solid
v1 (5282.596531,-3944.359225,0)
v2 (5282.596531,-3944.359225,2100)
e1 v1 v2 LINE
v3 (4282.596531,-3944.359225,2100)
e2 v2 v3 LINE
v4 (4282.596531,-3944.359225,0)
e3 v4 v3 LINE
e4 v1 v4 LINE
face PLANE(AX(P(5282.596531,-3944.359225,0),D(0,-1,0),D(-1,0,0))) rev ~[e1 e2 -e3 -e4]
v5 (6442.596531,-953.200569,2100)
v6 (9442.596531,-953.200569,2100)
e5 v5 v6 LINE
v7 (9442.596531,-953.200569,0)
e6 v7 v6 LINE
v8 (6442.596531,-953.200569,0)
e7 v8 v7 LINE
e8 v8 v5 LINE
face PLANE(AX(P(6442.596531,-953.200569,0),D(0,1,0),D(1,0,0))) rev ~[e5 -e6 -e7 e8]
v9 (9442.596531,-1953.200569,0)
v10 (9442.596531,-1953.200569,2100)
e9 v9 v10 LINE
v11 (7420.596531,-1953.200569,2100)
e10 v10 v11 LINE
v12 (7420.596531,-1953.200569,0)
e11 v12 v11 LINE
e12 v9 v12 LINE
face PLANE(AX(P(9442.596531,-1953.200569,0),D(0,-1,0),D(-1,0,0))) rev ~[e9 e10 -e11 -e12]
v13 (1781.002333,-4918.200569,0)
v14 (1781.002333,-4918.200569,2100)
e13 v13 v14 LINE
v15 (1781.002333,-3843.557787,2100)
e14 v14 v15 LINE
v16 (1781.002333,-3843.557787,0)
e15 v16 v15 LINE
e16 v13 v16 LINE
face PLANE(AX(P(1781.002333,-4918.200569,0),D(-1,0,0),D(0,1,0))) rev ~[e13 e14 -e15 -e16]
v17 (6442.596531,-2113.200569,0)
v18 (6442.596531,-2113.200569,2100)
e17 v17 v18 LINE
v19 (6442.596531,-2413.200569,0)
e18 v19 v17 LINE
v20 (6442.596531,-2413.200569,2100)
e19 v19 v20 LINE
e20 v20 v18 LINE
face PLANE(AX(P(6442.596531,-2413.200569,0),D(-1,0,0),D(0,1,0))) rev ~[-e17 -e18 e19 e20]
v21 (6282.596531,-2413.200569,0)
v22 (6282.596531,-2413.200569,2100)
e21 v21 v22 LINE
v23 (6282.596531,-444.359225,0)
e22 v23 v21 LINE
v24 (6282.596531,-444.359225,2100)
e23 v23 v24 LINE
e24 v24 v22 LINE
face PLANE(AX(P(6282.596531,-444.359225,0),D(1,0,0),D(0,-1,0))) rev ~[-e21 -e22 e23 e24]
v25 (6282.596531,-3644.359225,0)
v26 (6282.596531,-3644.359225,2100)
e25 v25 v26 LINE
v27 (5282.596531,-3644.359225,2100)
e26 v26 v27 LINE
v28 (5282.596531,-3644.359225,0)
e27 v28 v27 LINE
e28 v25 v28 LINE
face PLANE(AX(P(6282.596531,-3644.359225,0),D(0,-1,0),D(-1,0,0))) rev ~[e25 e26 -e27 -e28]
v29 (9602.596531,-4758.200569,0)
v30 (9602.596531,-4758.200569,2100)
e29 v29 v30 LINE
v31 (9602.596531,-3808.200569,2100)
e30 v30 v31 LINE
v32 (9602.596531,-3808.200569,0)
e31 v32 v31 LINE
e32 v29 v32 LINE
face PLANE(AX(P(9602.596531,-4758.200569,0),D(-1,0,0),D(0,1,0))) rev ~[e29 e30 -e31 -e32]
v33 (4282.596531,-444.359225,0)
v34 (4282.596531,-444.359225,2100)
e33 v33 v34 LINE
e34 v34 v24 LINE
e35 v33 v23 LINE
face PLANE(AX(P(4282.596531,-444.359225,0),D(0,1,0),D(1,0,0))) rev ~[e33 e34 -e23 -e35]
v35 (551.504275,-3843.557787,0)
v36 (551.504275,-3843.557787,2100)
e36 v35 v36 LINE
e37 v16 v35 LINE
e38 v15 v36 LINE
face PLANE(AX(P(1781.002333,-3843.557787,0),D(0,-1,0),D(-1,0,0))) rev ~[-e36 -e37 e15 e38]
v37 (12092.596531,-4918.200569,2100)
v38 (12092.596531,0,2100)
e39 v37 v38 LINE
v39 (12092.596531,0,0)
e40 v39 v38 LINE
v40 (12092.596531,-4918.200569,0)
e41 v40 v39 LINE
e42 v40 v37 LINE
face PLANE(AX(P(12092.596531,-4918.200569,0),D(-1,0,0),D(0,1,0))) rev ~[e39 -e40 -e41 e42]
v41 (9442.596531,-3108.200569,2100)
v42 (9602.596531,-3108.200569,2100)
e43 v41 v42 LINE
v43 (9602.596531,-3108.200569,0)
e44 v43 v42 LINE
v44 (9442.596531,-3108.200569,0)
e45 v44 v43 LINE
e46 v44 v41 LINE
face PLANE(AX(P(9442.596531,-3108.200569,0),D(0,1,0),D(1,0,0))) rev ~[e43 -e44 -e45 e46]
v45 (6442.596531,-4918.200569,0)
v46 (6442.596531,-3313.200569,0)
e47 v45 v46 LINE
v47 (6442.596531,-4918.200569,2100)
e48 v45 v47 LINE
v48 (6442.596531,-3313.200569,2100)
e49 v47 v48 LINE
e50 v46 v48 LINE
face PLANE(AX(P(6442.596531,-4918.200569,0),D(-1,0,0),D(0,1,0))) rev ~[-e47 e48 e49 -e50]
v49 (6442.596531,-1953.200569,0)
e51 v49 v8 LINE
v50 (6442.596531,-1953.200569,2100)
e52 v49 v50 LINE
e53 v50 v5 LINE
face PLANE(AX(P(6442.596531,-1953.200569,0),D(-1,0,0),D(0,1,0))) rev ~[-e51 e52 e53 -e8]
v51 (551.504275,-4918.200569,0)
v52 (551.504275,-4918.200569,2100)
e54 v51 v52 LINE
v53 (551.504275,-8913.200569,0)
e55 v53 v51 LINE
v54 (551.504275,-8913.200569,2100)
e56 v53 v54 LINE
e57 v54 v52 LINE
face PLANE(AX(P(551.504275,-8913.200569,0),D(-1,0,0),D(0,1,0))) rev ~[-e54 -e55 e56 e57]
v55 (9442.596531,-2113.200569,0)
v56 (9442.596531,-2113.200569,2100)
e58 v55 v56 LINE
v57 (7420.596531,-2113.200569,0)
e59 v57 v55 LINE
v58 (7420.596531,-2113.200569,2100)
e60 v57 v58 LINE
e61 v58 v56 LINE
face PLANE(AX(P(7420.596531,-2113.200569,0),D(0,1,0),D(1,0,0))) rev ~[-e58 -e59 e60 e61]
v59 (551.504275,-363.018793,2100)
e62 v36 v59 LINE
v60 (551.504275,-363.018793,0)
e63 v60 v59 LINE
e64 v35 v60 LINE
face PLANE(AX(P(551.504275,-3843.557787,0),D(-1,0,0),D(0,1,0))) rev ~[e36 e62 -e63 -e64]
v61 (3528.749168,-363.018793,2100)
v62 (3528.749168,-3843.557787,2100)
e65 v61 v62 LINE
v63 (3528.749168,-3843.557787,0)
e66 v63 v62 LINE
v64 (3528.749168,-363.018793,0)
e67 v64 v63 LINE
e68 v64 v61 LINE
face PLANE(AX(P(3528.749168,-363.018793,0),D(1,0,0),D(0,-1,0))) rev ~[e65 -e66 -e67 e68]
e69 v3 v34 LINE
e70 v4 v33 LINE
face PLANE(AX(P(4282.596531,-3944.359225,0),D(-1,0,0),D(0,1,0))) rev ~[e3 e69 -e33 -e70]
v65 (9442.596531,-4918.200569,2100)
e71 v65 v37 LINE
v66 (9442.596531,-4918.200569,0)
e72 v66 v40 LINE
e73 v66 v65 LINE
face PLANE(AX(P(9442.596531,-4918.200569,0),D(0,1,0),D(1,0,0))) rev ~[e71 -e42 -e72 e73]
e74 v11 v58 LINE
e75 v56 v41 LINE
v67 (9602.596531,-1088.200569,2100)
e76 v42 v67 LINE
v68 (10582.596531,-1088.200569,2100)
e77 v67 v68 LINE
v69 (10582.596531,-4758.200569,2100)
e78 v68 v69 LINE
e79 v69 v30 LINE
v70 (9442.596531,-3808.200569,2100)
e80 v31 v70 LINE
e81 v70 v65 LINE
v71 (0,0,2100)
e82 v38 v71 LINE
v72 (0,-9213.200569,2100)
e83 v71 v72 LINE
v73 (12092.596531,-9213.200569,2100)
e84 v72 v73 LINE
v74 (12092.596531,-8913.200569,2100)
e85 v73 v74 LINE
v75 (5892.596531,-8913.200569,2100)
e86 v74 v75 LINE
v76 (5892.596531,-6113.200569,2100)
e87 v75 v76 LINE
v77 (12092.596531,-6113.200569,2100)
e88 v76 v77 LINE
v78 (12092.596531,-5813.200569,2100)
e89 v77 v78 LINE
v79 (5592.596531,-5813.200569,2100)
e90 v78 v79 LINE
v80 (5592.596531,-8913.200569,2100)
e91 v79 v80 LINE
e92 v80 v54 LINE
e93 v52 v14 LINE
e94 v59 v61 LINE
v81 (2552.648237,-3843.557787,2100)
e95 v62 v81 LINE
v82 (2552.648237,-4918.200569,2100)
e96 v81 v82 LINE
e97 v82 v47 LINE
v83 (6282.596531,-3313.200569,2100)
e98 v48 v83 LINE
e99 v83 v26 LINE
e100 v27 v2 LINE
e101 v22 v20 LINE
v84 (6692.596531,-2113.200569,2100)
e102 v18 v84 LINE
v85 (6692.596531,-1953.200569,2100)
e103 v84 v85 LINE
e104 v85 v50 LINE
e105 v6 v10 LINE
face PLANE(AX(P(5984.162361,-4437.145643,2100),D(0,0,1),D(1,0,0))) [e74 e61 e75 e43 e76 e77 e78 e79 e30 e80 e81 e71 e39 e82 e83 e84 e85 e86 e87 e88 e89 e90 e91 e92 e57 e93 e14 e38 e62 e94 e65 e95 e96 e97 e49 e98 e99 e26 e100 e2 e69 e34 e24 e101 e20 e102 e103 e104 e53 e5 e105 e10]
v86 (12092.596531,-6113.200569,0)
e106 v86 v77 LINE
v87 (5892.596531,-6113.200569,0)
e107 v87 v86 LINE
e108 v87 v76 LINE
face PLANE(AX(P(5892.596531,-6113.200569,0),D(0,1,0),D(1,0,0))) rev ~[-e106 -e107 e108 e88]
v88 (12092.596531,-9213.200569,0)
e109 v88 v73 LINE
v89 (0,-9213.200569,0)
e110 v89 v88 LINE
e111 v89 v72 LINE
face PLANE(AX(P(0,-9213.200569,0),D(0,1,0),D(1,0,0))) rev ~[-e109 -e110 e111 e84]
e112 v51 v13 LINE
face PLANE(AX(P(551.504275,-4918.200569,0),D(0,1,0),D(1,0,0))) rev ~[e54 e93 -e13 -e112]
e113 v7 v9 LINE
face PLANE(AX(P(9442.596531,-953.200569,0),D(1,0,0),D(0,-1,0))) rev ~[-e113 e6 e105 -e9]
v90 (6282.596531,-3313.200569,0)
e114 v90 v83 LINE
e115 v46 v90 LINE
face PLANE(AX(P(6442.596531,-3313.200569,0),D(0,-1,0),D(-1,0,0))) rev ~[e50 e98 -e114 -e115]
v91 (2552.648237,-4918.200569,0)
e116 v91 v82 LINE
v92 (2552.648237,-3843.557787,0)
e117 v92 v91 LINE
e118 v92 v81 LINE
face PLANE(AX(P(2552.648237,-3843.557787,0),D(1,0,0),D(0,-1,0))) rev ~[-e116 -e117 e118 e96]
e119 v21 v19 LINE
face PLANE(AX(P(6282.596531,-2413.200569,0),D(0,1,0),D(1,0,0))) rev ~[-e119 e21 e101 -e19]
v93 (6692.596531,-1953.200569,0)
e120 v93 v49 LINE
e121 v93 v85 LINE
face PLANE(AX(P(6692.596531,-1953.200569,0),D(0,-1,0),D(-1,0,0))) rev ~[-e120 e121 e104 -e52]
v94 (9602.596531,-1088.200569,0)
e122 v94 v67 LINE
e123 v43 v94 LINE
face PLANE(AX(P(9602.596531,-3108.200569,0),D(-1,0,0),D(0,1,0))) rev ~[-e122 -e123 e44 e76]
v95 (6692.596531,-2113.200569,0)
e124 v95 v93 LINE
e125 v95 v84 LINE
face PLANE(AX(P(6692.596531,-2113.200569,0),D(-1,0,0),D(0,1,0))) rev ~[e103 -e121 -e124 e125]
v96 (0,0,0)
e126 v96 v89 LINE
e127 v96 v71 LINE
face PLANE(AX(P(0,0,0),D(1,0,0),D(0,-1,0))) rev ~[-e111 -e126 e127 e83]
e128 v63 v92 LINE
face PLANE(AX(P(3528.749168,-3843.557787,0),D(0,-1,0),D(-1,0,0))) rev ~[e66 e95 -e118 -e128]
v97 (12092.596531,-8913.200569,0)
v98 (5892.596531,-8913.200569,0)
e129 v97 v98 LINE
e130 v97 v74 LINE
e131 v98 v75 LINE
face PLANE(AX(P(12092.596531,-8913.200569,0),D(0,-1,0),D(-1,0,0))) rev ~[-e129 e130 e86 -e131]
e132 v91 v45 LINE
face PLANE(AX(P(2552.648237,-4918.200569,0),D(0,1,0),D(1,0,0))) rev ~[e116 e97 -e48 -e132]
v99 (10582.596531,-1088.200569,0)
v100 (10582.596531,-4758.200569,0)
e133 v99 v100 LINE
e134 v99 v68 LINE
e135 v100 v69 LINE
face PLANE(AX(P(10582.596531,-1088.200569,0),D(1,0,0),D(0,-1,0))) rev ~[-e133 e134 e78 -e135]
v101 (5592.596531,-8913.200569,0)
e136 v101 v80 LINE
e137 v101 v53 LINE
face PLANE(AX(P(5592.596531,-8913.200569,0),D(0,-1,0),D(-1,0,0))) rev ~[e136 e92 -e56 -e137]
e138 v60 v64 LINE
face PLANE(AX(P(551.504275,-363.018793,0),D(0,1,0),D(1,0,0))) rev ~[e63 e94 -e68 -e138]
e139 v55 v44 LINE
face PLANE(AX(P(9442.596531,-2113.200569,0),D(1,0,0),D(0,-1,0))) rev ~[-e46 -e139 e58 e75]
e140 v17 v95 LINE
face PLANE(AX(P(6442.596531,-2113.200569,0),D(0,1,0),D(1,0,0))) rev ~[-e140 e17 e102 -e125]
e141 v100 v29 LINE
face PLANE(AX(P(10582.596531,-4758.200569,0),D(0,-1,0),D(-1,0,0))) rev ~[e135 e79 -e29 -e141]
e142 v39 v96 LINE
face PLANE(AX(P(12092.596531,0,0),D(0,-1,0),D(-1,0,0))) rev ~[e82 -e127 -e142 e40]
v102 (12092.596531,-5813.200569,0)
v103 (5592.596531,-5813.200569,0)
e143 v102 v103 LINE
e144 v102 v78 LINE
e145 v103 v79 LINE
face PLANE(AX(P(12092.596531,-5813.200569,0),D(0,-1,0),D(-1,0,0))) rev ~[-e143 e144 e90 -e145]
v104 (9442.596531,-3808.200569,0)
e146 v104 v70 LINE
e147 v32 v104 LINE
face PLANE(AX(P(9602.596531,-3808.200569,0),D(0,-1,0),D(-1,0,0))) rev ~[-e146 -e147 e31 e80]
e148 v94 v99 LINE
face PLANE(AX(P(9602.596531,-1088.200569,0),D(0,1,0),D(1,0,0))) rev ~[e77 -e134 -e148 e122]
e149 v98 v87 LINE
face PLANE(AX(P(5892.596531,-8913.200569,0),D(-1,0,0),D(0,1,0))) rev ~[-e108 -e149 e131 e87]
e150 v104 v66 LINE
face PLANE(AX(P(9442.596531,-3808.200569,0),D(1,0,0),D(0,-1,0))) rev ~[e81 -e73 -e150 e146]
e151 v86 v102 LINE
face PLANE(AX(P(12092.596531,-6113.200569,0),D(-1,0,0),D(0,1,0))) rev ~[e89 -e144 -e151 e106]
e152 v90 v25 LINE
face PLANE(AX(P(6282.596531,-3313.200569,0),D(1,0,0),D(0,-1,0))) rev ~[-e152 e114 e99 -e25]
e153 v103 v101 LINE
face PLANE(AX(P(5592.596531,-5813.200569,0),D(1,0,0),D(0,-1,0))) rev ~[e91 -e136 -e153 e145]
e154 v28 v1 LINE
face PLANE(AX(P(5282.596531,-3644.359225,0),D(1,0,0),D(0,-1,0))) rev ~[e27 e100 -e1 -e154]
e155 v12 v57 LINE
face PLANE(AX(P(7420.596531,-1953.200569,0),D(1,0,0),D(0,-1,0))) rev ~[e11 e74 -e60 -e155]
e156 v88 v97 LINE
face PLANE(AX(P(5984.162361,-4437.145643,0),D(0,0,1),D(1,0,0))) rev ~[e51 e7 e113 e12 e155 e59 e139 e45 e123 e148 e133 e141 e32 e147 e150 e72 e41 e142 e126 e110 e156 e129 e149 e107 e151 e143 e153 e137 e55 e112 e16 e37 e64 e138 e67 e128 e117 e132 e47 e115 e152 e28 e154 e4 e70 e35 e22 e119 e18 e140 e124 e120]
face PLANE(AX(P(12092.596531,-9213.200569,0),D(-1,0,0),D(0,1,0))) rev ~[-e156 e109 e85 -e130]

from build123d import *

# Parameters (mm, degrees)
F1_DEPTH = 2100


with BuildPart() as f1:
    # F0 (on Top) → F1 (new body)
    with BuildSketch(Plane.XY):
        Polygon((12092.596531, 0), (0, 0), (0, -9213.200569), (12092.596531, -9213.200569), (12092.596531, -8913.200569), (5892.596531, -8913.200569), (5892.596531, -6113.200569), (12092.596531, -6113.200569), (12092.596531, -5813.200569), (5592.596531, -5813.200569), (5592.596531, -8913.200569), (551.504275, -8913.200569), (551.504275, -4918.200569), (1781.002333, -4918.200569), (1781.002333, -3843.557787), (551.504275, -3843.557787), (551.504275, -363.018793), (3528.749168, -363.018793), (3528.749168, -3843.557787), (2552.648237, -3843.557787), (2552.648237, -4918.200569), (6442.596531, -4918.200569), (6442.596531, -3313.200569), (6282.596531, -3313.200569), (6282.596531, -3644.359225), (5282.596531, -3644.359225), (5282.596531, -3944.359225), (4282.596531, -3944.359225), (4282.596531, -444.359225), (6282.596531, -444.359225), (6282.596531, -2413.200569), (6442.596531, -2413.200569), (6442.596531, -2113.200569), (6692.596531, -2113.200569), (6692.596531, -1953.200569), (6442.596531, -1953.200569), (6442.596531, -953.200569), (9442.596531, -953.200569), (9442.596531, -1953.200569), (7420.596531, -1953.200569), (7420.596531, -2113.200569), (9442.596531, -2113.200569), (9442.596531, -3108.200569), (9602.596531, -3108.200569), (9602.596531, -1088.200569), (10582.596531, -1088.200569), (10582.596531, -4758.200569), (9602.596531, -4758.200569), (9602.596531, -3808.200569), (9442.596531, -3808.200569), (9442.596531, -4918.200569), (12092.596531, -4918.200569), align=None)
    extrude(amount=F1_DEPTH)


solid = f1.part
